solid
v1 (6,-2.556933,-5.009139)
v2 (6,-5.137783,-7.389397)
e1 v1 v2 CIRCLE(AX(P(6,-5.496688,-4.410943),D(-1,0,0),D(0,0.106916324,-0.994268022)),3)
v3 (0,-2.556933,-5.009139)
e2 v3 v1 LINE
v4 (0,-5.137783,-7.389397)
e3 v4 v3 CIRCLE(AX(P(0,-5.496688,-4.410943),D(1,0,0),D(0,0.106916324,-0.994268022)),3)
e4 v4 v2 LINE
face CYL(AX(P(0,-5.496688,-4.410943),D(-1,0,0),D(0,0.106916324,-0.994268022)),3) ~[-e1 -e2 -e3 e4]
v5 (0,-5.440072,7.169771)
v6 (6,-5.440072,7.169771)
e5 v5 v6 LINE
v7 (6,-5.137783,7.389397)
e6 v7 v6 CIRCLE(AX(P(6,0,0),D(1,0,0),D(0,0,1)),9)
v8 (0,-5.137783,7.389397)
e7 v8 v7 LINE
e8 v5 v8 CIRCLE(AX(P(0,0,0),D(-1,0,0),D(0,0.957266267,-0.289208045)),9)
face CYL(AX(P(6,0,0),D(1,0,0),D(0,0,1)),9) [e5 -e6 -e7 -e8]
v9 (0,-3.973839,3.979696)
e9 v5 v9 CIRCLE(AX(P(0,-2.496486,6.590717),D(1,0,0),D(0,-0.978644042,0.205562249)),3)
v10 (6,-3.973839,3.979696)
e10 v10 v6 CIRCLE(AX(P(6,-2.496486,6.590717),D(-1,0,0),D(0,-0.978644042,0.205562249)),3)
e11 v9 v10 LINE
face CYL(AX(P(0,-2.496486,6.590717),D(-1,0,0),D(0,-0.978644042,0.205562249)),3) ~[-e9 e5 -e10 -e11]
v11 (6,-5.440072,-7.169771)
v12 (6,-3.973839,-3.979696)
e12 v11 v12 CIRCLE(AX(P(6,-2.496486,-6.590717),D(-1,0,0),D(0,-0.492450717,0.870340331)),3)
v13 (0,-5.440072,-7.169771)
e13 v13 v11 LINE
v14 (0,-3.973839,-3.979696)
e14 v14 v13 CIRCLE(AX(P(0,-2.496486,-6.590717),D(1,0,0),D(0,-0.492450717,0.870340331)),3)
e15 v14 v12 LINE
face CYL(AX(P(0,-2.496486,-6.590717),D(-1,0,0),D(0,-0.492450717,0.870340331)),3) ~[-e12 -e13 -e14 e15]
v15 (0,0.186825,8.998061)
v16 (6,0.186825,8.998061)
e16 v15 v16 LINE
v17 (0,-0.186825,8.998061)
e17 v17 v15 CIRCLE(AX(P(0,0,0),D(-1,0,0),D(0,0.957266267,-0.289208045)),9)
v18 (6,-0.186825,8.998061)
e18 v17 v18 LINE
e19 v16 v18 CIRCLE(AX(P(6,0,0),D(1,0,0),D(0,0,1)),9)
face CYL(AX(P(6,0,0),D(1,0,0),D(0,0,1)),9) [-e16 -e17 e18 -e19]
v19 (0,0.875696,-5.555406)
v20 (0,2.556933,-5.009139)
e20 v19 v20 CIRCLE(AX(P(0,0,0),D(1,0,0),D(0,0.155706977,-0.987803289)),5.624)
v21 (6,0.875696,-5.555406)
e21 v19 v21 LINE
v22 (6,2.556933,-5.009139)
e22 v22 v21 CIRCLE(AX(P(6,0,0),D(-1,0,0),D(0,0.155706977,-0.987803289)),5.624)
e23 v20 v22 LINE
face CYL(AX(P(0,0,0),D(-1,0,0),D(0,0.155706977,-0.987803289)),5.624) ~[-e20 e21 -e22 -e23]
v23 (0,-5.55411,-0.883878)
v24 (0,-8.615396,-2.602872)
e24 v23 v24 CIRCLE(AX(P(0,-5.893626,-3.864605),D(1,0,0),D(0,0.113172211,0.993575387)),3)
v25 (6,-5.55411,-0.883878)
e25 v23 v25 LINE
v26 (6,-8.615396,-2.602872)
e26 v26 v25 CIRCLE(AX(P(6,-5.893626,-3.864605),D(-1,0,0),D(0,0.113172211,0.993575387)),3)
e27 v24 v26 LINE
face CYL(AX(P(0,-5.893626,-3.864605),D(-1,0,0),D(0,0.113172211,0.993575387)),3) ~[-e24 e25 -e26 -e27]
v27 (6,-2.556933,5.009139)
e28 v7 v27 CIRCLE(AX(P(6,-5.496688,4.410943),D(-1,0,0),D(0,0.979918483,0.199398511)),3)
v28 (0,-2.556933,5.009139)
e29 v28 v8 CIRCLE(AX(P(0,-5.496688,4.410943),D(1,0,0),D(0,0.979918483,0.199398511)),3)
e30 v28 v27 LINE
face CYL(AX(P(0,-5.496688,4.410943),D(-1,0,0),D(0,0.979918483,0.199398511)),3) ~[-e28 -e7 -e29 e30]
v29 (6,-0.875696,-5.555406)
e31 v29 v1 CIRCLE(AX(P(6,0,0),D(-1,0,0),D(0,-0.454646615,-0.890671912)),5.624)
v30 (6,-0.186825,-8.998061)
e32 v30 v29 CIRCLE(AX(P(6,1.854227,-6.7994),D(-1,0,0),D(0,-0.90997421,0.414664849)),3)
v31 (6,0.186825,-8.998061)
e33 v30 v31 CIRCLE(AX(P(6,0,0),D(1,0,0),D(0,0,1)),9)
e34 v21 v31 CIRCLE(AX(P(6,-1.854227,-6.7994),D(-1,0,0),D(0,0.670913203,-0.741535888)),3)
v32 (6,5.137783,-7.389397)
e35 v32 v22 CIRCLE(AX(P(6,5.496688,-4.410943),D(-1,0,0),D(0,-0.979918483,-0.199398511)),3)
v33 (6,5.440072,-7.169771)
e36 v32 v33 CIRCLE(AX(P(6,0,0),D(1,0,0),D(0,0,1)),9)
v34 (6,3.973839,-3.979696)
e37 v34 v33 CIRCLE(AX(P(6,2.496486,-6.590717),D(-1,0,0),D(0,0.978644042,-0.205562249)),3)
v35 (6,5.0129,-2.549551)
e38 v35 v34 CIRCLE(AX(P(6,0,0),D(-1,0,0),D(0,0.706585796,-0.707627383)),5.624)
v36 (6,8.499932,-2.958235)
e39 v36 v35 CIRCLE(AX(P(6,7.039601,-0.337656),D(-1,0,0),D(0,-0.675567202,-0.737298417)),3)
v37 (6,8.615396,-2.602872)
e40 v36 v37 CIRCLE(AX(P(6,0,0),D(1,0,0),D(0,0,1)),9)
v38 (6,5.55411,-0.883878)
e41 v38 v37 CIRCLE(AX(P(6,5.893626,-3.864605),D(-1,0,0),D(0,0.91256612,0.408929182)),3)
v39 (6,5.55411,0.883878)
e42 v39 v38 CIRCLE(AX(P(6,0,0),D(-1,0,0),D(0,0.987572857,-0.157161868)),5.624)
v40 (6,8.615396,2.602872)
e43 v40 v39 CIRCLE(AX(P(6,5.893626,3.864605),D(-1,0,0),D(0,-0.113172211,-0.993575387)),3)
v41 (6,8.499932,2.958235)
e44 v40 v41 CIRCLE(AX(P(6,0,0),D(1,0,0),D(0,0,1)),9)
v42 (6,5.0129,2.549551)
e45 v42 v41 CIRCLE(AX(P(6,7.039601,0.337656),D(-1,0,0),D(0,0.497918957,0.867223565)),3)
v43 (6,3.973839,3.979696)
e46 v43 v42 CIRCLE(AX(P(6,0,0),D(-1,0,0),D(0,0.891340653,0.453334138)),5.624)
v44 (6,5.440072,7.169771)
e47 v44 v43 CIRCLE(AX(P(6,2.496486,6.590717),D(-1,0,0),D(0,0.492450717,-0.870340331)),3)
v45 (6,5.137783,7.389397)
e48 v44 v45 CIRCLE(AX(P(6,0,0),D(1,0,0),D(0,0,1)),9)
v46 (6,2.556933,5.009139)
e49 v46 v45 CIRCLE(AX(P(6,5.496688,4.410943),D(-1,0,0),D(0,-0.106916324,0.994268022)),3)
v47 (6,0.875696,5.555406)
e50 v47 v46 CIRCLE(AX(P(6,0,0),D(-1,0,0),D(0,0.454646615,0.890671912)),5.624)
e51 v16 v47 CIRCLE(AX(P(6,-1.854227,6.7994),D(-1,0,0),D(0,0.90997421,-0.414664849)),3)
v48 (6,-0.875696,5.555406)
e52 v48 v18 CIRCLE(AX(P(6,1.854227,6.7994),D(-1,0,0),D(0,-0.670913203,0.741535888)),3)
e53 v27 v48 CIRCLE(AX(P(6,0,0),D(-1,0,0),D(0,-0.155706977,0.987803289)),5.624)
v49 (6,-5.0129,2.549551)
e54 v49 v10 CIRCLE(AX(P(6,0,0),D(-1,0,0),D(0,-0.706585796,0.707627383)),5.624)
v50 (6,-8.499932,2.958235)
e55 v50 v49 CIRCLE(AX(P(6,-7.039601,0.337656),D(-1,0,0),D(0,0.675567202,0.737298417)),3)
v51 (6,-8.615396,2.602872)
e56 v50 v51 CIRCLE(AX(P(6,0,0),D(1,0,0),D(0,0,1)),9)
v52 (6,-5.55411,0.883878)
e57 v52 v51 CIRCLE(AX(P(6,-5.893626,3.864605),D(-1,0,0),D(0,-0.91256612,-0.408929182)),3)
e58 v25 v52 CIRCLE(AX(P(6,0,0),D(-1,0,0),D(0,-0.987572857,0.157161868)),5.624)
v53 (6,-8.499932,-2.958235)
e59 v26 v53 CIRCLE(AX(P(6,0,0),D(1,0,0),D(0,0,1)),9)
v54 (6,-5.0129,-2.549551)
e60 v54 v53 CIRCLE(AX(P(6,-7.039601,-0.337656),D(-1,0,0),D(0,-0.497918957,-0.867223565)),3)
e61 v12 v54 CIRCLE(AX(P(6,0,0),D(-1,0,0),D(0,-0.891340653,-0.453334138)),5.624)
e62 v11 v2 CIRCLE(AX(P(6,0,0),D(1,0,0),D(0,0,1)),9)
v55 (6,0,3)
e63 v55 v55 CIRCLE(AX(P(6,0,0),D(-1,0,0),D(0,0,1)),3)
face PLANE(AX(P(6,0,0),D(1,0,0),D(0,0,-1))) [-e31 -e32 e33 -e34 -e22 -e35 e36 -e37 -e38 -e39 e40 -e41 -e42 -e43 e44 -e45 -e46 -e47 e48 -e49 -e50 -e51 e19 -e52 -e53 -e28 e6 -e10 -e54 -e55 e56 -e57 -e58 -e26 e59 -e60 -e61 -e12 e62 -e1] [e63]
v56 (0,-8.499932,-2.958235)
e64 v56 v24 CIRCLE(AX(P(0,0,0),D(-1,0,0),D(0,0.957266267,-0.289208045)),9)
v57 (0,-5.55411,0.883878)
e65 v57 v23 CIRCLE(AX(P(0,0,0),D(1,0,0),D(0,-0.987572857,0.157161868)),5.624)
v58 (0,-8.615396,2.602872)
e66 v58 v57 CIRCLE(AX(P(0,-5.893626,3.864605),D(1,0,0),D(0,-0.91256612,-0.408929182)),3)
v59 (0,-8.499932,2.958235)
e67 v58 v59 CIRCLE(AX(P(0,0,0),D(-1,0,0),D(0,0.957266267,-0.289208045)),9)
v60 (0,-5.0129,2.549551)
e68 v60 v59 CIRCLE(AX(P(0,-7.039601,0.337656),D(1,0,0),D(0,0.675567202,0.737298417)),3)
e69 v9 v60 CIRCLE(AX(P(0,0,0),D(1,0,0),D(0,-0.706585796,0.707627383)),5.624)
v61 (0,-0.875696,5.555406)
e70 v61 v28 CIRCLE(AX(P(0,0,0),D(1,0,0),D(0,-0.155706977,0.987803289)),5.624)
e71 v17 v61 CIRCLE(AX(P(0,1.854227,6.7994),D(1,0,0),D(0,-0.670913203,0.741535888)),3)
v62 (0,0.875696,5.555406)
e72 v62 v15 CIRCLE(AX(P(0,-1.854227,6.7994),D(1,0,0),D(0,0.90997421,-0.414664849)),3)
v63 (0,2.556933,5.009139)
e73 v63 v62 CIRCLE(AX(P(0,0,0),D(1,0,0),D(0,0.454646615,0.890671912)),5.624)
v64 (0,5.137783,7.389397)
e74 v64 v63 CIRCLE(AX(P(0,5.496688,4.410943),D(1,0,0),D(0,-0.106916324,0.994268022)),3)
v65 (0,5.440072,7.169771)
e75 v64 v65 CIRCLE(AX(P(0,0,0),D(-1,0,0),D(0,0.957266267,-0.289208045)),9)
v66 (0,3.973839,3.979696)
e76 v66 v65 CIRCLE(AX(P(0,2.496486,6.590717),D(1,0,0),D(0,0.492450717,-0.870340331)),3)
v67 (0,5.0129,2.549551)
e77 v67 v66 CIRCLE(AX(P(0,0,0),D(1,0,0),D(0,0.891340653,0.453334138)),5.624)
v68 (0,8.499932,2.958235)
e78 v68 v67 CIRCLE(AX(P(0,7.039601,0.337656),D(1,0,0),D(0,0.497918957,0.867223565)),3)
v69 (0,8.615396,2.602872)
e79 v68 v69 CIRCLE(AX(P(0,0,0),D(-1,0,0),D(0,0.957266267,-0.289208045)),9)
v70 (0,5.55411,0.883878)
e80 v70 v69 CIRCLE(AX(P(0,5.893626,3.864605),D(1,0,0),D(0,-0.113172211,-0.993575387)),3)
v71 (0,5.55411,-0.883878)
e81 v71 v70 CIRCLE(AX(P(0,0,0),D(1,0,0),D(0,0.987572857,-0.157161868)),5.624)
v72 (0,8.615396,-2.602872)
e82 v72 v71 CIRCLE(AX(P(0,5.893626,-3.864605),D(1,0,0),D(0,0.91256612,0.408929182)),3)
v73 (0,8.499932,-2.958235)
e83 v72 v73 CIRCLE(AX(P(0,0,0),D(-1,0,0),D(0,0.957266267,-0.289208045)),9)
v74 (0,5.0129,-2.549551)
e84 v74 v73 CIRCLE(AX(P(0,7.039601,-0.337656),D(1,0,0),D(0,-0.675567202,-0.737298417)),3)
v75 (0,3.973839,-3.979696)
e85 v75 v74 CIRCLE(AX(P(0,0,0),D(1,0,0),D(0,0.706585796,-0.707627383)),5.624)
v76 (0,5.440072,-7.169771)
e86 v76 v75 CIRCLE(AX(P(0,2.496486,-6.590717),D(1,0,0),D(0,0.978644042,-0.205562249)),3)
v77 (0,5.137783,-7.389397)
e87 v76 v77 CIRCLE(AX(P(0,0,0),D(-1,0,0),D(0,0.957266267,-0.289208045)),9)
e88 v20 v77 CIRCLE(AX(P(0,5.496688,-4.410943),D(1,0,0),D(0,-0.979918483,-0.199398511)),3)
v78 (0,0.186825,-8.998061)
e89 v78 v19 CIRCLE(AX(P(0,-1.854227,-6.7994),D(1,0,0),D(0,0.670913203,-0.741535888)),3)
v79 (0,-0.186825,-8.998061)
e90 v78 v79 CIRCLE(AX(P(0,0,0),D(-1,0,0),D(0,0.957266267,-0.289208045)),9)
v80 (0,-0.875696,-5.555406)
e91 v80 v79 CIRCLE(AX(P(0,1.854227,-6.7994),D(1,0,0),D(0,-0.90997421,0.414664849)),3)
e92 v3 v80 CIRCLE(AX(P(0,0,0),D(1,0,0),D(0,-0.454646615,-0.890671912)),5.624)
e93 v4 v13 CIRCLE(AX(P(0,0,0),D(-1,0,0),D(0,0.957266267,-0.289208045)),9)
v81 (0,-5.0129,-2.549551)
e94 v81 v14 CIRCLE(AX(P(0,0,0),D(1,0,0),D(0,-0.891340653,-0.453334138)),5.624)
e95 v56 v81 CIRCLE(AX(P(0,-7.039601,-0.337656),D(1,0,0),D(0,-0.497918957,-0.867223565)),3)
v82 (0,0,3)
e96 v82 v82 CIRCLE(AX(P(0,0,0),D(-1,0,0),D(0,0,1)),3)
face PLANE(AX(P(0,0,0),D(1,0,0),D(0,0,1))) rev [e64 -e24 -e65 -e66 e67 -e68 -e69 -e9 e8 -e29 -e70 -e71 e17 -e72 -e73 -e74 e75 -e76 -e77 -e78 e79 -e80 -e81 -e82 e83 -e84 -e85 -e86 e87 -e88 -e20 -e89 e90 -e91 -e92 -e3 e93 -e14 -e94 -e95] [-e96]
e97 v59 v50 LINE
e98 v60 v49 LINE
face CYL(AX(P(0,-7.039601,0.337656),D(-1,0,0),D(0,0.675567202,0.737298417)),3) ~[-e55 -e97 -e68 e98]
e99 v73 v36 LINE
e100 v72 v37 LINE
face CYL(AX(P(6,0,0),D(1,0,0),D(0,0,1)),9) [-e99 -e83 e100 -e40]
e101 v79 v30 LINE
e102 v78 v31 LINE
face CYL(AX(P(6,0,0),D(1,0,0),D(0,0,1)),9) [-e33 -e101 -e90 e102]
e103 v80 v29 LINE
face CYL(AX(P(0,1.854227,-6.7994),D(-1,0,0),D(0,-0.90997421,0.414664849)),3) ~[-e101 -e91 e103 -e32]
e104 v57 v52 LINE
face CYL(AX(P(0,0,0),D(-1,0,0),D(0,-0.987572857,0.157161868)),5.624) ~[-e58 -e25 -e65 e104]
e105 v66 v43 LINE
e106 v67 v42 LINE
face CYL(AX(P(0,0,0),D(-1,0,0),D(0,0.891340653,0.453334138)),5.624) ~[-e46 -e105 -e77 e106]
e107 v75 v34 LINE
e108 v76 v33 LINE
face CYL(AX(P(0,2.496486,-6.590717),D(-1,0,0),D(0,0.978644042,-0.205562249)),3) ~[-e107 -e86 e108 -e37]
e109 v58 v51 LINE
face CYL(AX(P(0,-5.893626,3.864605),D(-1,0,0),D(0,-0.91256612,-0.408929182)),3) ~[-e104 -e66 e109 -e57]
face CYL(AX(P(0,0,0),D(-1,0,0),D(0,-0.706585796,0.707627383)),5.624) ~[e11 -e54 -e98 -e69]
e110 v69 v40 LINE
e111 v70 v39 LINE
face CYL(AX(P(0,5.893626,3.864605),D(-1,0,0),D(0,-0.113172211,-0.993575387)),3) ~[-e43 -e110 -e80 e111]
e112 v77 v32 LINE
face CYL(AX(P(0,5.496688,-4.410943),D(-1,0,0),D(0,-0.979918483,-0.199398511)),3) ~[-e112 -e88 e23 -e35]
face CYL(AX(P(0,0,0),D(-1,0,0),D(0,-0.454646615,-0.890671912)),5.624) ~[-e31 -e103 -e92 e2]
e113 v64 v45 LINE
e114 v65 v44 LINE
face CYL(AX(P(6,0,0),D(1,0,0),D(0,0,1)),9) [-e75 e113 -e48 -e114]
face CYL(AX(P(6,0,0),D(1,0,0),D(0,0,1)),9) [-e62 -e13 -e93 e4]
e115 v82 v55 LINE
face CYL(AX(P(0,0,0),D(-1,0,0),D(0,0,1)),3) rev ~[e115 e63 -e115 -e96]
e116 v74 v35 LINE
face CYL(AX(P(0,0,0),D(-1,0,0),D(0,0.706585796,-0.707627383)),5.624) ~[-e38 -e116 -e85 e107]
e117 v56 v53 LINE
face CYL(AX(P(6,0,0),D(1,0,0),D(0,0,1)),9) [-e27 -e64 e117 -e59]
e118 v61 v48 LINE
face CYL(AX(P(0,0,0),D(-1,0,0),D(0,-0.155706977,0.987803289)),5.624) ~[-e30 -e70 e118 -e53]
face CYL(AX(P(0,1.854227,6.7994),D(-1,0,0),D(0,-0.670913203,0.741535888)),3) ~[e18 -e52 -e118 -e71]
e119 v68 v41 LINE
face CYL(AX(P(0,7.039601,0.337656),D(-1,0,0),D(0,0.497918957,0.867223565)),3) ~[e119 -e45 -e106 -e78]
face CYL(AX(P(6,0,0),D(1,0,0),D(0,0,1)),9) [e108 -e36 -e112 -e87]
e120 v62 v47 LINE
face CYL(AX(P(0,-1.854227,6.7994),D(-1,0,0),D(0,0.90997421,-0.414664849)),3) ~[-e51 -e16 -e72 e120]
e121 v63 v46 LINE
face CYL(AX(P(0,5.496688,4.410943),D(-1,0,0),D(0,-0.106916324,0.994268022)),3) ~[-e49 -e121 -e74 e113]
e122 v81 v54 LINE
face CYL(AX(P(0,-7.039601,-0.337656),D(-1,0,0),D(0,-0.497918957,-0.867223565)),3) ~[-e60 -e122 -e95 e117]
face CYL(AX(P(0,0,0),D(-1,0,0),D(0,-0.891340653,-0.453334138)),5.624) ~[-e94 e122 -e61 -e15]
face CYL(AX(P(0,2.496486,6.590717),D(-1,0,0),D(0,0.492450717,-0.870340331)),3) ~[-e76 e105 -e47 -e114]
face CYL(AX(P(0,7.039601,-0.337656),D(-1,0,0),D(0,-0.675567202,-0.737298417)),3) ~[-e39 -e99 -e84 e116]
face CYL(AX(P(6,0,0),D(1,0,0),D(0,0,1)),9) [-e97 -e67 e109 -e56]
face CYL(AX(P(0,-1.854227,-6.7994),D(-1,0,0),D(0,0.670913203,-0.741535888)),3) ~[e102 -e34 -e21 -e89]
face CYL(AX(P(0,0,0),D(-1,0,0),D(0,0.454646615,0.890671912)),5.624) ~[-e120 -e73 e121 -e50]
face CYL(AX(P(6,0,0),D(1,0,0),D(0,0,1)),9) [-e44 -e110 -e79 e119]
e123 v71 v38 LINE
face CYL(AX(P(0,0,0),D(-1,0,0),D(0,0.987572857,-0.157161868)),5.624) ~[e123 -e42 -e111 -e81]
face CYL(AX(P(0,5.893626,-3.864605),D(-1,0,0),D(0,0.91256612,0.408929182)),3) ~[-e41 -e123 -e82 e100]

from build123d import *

# Parameters (mm, degrees)
BASPROSKE_W        = 12
BASPROSKE_H        = 9
TOOTHCUT_DEPTH     = 18.492855685
TEETHCUTS_COUNT    = 10
TEETHCUTS_ANGLE    = 324
BORSKE_R           = 0.4
BORE_DEPTH         = 50.0000508
SKETCH1_R          = 3
SKETCH1_R_2        = 0.4
CUT_EXTRUDE2_DEPTH = 18.298122882
SKETCH2_R          = 20.440784698
CUT_EXTRUDE3_DEPTH = 6


with BuildPart() as part:
    # BasProSke → Base-Revolve (revolve)
    with BuildSketch(Plane(origin=(0, 0, 0), x_dir=(1, 0, 0), z_dir=(0, 1, 0)), mode=Mode.PRIVATE) as base_revolve_sk:
        with Locations((6, 4.5)):
            Rectangle(BASPROSKE_W, BASPROSKE_H)
    revolve(base_revolve_sk.sketch.rotate(Axis((-10, 0, 0), (1, 0, 0)), 180), axis=Axis((-10, 0, 0), (1, 0, 0)))

    # TooCutSke → ToothCut (cut, through all)
    with BuildSketch(Plane(origin=(0, 0, 0), x_dir=(0, 0, -1), z_dir=(1, 0, 0))):
        with BuildLine():
            ThreePointArc((0.883878355, 5.554109745), (0, 5.624), (-0.883878355, 5.554109745))
            ThreePointArc((-0.883878355, 5.554109745), (-1.258245767, 7.379188248), (-2.637816971, 8.631324741))
            ThreePointArc((-2.637816971, 8.631324741), (0, 9.0254), (2.637816971, 8.631324741))
            ThreePointArc((2.637816971, 8.631324741), (1.258245767, 7.379188248), (0.883878355, 5.554109745))
        make_face()
    toothcut = extrude(amount=TOOTHCUT_DEPTH, mode=Mode.SUBTRACT)

    # TeethCuts: ToothCut ×10 about axis
    teethcuts_axis = Axis((-10, 0, 0), (1, 0, 0))
    for i in range(1, TEETHCUTS_COUNT):
        add(toothcut.rotate(teethcuts_axis, i * TEETHCUTS_ANGLE / (TEETHCUTS_COUNT - 1)), mode=Mode.SUBTRACT)

    # BorSke → Bore (cut, symmetric)
    with BuildSketch(Plane(origin=(0, 0, 0), x_dir=(0, 0, -1), z_dir=(1, 0, 0))):
        with Locations(Location((0, 0, 0), (0, 0, 180))):
            Circle(BORSKE_R)
    extrude(amount=BORE_DEPTH, both=True, mode=Mode.SUBTRACT)

    # Sketch1 → Cut-Extrude2 (cut, through all)
    with BuildSketch(Plane.ZY):
        Circle(SKETCH1_R)
        Circle(SKETCH1_R_2, mode=Mode.SUBTRACT)
    extrude(amount=-CUT_EXTRUDE2_DEPTH, mode=Mode.SUBTRACT)

    # Sketch2 → Cut-Extrude3 (cut)
    with BuildSketch(Plane(origin=(12, 0, 0), x_dir=(0, 0, -1), z_dir=(1, 0, 0))):
        Circle(SKETCH2_R)
    extrude(amount=-CUT_EXTRUDE3_DEPTH, mode=Mode.SUBTRACT)


solid = part.part
